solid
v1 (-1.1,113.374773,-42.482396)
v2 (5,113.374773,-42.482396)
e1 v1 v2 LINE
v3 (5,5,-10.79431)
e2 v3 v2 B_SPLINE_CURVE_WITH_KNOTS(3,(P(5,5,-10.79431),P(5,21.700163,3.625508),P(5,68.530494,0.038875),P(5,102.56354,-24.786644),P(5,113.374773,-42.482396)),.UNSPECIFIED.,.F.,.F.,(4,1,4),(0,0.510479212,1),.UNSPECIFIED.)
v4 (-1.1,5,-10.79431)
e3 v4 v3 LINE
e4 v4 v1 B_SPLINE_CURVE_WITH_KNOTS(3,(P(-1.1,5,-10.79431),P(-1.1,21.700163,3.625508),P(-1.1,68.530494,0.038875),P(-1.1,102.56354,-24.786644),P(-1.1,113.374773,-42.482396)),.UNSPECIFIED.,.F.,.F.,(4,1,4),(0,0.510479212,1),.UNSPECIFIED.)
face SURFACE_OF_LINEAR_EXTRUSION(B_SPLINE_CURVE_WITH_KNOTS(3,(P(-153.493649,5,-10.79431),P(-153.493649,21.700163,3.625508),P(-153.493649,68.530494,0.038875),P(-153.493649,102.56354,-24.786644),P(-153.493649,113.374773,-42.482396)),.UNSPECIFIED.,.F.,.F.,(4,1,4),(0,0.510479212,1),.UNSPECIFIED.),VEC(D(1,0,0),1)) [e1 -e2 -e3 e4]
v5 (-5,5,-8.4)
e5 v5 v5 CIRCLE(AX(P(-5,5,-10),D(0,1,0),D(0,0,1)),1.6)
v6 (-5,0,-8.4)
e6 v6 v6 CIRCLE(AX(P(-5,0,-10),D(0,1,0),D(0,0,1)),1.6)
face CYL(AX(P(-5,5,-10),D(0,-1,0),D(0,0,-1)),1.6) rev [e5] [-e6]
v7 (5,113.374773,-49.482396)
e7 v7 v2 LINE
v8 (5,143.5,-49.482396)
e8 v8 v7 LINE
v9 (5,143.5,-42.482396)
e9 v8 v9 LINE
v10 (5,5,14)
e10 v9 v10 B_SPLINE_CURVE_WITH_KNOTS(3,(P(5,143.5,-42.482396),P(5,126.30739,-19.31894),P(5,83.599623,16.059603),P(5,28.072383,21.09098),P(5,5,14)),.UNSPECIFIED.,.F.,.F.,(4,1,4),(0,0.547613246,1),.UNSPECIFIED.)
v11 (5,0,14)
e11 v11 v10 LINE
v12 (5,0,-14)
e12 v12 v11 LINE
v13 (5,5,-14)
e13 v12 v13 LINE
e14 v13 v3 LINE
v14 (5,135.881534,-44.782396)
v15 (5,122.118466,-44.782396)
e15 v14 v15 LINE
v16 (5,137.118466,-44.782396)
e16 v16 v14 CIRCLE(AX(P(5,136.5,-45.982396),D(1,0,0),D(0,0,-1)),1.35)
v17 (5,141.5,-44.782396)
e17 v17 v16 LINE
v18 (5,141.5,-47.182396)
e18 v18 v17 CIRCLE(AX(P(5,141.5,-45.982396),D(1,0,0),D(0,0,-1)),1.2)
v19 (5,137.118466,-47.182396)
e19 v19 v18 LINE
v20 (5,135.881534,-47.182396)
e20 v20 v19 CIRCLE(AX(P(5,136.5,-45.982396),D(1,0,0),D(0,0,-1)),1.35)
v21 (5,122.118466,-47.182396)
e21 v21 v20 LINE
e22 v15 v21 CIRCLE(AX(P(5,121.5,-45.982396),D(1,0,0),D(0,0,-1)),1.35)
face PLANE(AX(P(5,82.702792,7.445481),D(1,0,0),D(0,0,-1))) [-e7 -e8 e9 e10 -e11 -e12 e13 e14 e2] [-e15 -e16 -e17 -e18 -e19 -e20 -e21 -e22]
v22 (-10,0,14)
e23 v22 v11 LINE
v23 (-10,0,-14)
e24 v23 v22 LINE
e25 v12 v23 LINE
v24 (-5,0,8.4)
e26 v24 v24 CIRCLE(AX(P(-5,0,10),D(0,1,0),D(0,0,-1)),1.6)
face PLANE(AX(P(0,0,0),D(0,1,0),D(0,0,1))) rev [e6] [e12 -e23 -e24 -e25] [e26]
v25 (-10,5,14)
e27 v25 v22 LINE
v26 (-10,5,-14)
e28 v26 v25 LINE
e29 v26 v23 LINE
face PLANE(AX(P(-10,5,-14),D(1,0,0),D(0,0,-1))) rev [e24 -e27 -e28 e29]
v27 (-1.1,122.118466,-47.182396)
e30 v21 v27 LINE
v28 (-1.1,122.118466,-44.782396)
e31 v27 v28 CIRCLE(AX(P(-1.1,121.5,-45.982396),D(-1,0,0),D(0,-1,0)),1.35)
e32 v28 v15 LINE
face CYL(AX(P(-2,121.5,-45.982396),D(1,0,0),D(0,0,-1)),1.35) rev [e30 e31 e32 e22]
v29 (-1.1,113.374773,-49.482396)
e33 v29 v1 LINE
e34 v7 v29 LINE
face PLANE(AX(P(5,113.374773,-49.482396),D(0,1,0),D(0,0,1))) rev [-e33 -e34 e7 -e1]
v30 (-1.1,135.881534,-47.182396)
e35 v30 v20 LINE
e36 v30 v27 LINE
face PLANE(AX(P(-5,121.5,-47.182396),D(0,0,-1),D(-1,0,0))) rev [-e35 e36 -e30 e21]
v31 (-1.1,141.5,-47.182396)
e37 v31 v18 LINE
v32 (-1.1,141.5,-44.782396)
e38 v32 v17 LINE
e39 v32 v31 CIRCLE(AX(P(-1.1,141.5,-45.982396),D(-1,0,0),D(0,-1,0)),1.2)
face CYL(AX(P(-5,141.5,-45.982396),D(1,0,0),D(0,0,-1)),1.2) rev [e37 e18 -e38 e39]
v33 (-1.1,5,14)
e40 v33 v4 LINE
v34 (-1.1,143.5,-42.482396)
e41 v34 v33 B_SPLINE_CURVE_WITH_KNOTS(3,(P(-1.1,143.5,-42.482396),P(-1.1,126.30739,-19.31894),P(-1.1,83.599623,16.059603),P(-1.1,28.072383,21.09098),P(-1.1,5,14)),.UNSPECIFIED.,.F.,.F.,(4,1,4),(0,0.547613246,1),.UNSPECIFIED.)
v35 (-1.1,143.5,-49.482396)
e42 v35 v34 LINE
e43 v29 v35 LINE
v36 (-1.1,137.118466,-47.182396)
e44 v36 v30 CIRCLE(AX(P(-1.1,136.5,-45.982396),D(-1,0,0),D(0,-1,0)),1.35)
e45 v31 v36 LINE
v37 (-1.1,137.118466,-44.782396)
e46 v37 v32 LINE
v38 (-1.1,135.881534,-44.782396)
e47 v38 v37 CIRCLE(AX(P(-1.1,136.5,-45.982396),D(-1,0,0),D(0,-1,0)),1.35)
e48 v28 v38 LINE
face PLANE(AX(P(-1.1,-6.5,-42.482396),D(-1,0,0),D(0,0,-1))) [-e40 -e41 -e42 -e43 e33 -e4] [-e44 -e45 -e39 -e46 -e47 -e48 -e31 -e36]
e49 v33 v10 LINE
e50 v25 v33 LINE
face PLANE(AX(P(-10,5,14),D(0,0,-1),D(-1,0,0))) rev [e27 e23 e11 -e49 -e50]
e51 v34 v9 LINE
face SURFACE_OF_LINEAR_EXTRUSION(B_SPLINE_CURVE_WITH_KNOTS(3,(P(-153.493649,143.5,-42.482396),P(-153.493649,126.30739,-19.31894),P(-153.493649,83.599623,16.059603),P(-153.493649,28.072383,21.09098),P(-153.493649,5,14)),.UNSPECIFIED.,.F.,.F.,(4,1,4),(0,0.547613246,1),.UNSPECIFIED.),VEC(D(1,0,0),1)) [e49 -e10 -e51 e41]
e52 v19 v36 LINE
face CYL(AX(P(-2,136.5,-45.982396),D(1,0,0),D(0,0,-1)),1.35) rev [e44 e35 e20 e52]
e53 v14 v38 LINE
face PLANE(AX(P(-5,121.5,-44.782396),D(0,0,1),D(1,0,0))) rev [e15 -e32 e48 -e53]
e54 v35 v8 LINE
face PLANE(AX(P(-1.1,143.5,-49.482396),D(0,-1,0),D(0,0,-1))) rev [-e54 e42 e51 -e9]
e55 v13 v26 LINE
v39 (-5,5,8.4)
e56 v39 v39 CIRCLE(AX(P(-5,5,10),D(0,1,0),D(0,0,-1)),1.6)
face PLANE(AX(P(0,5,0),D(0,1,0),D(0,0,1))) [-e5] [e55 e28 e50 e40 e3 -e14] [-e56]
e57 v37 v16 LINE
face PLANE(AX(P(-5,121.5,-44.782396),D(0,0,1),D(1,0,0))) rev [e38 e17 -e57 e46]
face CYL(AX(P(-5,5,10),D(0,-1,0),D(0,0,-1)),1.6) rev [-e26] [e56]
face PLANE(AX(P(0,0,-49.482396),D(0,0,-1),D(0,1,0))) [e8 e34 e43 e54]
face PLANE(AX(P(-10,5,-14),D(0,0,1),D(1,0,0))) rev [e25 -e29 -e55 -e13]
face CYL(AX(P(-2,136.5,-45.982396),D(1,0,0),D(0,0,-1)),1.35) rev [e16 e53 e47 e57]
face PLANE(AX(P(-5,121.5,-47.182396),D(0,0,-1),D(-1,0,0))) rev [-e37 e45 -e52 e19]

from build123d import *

# Parameters (mm, degrees)
SKETCH_1_W           = 20
SKETCH_1_H           = 28
SKETCH_1_R           = 1.6
EXTRUDE_1_DEPTH      = 5
EXTRUDE_2_DEPTH      = 5
EXTRUDE_2_DEPTH_BACK = 1.1
SKETCH_3_W           = 6.1
SKETCH_3_H           = 30.125226912
EXTRUDE_3_DEPTH      = 7
SKETCH_4_R           = 1.35
CUT_EXTRUDE_1_DEPTH  = 7
SKETCH_5_W           = 5
SKETCH_5_H           = 28
CUT_EXTRUDE_2_DEPTH  = 10
CUT_EXTRUDE_3_DEPTH  = 10


with BuildPart() as part:
    # 草图1 → 凸台-拉伸1 (new body)
    with BuildSketch(Plane(origin=(0, 0, 0), x_dir=(1, 0, 0), z_dir=(0, 1, 0))):
        Rectangle(SKETCH_1_W, SKETCH_1_H)
        with Locations(Location((-5, 10, 0), (0, 0, 270))):
            Circle(SKETCH_1_R, mode=Mode.SUBTRACT)
        with Locations(Location((-5, -10, 0), (0, 0, 90))):
            Circle(SKETCH_1_R, mode=Mode.SUBTRACT)
    extrude(amount=EXTRUDE_1_DEPTH)

    # 草图2 → 凸台-拉伸2 (add, two sides: drawn at the far end of the back side and taken through both)
    with BuildSketch(Plane(origin=(0, 0, 0), x_dir=(0, 0, -1), z_dir=(1, 0, 0)).offset(-EXTRUDE_2_DEPTH_BACK)):
        with BuildLine():
            Line((42.482395746, 143.5), (42.482395746, 113.374773088))
            add(Edge.make_bspline(
                [(10.794309538, 5), (-3.625508376, 21.700163207), (-0.038874902, 68.530494039), (24.786643579, 102.563540472), (42.482395746, 113.374773088)],
                knots=[0, 0, 0, 0, 0.510479212, 1, 1, 1, 1], degree=3))
            Line((10.794309538, 5), (-14, 5))
            add(Edge.make_bspline(
                [(-14, 5), (-21.090980053, 28.072383436), (-16.059602837, 83.599622922), (19.318940175, 126.307389699), (42.482395746, 143.5)],
                knots=[0, 0, 0, 0, 0.452386754, 1, 1, 1, 1], degree=3))
        make_face()
    extrude(amount=EXTRUDE_2_DEPTH + EXTRUDE_2_DEPTH_BACK)

    # 草图3 → 凸台-拉伸3 (add)
    with BuildSketch(Plane(origin=(0, 0, -42.482395746), x_dir=(-1, 0, 0), z_dir=(0, 0, -1))):
        with Locations((-1.95, 128.437386544)):
            Rectangle(SKETCH_3_W, SKETCH_3_H)
    extrude(amount=EXTRUDE_3_DEPTH)

    # 草图4 → 切除-拉伸1 (cut)
    with BuildSketch(Plane(origin=(5, 0, 0), x_dir=(0, 0, -1), z_dir=(1, 0, 0))):
        with Locations((45.982395746, 136.5)):
            Circle(SKETCH_4_R)
        with Locations((45.982395746, 121.5)):
            Circle(SKETCH_4_R)
    extrude(amount=-CUT_EXTRUDE_1_DEPTH, mode=Mode.SUBTRACT)

    # 草图5 → 切除-拉伸2 (cut)
    with BuildSketch(Plane(origin=(0, 5, 0), x_dir=(1, 0, 0), z_dir=(0, 1, 0))):
        with Locations((7.5, 0)):
            Rectangle(SKETCH_5_W, SKETCH_5_H)
    extrude(amount=-CUT_EXTRUDE_2_DEPTH, mode=Mode.SUBTRACT)

    # 草图6 → 切除-拉伸3 (cut)
    with BuildSketch(Plane(origin=(5, 0, 0), x_dir=(0, 0, -1), z_dir=(1, 0, 0))):
        with BuildLine():
            Line((44.782395746, 121.5), (44.782395746, 141.5))
            ThreePointArc((44.782395746, 141.5), (45.982395746, 142.7), (47.182395746, 141.5))
            Line((47.182395746, 141.5), (47.182395746, 121.5))
            ThreePointArc((47.182395746, 121.5), (45.982395746, 120.3), (44.782395746, 121.5))
        make_face()
    extrude(amount=-CUT_EXTRUDE_3_DEPTH, mode=Mode.SUBTRACT)


solid = part.part
